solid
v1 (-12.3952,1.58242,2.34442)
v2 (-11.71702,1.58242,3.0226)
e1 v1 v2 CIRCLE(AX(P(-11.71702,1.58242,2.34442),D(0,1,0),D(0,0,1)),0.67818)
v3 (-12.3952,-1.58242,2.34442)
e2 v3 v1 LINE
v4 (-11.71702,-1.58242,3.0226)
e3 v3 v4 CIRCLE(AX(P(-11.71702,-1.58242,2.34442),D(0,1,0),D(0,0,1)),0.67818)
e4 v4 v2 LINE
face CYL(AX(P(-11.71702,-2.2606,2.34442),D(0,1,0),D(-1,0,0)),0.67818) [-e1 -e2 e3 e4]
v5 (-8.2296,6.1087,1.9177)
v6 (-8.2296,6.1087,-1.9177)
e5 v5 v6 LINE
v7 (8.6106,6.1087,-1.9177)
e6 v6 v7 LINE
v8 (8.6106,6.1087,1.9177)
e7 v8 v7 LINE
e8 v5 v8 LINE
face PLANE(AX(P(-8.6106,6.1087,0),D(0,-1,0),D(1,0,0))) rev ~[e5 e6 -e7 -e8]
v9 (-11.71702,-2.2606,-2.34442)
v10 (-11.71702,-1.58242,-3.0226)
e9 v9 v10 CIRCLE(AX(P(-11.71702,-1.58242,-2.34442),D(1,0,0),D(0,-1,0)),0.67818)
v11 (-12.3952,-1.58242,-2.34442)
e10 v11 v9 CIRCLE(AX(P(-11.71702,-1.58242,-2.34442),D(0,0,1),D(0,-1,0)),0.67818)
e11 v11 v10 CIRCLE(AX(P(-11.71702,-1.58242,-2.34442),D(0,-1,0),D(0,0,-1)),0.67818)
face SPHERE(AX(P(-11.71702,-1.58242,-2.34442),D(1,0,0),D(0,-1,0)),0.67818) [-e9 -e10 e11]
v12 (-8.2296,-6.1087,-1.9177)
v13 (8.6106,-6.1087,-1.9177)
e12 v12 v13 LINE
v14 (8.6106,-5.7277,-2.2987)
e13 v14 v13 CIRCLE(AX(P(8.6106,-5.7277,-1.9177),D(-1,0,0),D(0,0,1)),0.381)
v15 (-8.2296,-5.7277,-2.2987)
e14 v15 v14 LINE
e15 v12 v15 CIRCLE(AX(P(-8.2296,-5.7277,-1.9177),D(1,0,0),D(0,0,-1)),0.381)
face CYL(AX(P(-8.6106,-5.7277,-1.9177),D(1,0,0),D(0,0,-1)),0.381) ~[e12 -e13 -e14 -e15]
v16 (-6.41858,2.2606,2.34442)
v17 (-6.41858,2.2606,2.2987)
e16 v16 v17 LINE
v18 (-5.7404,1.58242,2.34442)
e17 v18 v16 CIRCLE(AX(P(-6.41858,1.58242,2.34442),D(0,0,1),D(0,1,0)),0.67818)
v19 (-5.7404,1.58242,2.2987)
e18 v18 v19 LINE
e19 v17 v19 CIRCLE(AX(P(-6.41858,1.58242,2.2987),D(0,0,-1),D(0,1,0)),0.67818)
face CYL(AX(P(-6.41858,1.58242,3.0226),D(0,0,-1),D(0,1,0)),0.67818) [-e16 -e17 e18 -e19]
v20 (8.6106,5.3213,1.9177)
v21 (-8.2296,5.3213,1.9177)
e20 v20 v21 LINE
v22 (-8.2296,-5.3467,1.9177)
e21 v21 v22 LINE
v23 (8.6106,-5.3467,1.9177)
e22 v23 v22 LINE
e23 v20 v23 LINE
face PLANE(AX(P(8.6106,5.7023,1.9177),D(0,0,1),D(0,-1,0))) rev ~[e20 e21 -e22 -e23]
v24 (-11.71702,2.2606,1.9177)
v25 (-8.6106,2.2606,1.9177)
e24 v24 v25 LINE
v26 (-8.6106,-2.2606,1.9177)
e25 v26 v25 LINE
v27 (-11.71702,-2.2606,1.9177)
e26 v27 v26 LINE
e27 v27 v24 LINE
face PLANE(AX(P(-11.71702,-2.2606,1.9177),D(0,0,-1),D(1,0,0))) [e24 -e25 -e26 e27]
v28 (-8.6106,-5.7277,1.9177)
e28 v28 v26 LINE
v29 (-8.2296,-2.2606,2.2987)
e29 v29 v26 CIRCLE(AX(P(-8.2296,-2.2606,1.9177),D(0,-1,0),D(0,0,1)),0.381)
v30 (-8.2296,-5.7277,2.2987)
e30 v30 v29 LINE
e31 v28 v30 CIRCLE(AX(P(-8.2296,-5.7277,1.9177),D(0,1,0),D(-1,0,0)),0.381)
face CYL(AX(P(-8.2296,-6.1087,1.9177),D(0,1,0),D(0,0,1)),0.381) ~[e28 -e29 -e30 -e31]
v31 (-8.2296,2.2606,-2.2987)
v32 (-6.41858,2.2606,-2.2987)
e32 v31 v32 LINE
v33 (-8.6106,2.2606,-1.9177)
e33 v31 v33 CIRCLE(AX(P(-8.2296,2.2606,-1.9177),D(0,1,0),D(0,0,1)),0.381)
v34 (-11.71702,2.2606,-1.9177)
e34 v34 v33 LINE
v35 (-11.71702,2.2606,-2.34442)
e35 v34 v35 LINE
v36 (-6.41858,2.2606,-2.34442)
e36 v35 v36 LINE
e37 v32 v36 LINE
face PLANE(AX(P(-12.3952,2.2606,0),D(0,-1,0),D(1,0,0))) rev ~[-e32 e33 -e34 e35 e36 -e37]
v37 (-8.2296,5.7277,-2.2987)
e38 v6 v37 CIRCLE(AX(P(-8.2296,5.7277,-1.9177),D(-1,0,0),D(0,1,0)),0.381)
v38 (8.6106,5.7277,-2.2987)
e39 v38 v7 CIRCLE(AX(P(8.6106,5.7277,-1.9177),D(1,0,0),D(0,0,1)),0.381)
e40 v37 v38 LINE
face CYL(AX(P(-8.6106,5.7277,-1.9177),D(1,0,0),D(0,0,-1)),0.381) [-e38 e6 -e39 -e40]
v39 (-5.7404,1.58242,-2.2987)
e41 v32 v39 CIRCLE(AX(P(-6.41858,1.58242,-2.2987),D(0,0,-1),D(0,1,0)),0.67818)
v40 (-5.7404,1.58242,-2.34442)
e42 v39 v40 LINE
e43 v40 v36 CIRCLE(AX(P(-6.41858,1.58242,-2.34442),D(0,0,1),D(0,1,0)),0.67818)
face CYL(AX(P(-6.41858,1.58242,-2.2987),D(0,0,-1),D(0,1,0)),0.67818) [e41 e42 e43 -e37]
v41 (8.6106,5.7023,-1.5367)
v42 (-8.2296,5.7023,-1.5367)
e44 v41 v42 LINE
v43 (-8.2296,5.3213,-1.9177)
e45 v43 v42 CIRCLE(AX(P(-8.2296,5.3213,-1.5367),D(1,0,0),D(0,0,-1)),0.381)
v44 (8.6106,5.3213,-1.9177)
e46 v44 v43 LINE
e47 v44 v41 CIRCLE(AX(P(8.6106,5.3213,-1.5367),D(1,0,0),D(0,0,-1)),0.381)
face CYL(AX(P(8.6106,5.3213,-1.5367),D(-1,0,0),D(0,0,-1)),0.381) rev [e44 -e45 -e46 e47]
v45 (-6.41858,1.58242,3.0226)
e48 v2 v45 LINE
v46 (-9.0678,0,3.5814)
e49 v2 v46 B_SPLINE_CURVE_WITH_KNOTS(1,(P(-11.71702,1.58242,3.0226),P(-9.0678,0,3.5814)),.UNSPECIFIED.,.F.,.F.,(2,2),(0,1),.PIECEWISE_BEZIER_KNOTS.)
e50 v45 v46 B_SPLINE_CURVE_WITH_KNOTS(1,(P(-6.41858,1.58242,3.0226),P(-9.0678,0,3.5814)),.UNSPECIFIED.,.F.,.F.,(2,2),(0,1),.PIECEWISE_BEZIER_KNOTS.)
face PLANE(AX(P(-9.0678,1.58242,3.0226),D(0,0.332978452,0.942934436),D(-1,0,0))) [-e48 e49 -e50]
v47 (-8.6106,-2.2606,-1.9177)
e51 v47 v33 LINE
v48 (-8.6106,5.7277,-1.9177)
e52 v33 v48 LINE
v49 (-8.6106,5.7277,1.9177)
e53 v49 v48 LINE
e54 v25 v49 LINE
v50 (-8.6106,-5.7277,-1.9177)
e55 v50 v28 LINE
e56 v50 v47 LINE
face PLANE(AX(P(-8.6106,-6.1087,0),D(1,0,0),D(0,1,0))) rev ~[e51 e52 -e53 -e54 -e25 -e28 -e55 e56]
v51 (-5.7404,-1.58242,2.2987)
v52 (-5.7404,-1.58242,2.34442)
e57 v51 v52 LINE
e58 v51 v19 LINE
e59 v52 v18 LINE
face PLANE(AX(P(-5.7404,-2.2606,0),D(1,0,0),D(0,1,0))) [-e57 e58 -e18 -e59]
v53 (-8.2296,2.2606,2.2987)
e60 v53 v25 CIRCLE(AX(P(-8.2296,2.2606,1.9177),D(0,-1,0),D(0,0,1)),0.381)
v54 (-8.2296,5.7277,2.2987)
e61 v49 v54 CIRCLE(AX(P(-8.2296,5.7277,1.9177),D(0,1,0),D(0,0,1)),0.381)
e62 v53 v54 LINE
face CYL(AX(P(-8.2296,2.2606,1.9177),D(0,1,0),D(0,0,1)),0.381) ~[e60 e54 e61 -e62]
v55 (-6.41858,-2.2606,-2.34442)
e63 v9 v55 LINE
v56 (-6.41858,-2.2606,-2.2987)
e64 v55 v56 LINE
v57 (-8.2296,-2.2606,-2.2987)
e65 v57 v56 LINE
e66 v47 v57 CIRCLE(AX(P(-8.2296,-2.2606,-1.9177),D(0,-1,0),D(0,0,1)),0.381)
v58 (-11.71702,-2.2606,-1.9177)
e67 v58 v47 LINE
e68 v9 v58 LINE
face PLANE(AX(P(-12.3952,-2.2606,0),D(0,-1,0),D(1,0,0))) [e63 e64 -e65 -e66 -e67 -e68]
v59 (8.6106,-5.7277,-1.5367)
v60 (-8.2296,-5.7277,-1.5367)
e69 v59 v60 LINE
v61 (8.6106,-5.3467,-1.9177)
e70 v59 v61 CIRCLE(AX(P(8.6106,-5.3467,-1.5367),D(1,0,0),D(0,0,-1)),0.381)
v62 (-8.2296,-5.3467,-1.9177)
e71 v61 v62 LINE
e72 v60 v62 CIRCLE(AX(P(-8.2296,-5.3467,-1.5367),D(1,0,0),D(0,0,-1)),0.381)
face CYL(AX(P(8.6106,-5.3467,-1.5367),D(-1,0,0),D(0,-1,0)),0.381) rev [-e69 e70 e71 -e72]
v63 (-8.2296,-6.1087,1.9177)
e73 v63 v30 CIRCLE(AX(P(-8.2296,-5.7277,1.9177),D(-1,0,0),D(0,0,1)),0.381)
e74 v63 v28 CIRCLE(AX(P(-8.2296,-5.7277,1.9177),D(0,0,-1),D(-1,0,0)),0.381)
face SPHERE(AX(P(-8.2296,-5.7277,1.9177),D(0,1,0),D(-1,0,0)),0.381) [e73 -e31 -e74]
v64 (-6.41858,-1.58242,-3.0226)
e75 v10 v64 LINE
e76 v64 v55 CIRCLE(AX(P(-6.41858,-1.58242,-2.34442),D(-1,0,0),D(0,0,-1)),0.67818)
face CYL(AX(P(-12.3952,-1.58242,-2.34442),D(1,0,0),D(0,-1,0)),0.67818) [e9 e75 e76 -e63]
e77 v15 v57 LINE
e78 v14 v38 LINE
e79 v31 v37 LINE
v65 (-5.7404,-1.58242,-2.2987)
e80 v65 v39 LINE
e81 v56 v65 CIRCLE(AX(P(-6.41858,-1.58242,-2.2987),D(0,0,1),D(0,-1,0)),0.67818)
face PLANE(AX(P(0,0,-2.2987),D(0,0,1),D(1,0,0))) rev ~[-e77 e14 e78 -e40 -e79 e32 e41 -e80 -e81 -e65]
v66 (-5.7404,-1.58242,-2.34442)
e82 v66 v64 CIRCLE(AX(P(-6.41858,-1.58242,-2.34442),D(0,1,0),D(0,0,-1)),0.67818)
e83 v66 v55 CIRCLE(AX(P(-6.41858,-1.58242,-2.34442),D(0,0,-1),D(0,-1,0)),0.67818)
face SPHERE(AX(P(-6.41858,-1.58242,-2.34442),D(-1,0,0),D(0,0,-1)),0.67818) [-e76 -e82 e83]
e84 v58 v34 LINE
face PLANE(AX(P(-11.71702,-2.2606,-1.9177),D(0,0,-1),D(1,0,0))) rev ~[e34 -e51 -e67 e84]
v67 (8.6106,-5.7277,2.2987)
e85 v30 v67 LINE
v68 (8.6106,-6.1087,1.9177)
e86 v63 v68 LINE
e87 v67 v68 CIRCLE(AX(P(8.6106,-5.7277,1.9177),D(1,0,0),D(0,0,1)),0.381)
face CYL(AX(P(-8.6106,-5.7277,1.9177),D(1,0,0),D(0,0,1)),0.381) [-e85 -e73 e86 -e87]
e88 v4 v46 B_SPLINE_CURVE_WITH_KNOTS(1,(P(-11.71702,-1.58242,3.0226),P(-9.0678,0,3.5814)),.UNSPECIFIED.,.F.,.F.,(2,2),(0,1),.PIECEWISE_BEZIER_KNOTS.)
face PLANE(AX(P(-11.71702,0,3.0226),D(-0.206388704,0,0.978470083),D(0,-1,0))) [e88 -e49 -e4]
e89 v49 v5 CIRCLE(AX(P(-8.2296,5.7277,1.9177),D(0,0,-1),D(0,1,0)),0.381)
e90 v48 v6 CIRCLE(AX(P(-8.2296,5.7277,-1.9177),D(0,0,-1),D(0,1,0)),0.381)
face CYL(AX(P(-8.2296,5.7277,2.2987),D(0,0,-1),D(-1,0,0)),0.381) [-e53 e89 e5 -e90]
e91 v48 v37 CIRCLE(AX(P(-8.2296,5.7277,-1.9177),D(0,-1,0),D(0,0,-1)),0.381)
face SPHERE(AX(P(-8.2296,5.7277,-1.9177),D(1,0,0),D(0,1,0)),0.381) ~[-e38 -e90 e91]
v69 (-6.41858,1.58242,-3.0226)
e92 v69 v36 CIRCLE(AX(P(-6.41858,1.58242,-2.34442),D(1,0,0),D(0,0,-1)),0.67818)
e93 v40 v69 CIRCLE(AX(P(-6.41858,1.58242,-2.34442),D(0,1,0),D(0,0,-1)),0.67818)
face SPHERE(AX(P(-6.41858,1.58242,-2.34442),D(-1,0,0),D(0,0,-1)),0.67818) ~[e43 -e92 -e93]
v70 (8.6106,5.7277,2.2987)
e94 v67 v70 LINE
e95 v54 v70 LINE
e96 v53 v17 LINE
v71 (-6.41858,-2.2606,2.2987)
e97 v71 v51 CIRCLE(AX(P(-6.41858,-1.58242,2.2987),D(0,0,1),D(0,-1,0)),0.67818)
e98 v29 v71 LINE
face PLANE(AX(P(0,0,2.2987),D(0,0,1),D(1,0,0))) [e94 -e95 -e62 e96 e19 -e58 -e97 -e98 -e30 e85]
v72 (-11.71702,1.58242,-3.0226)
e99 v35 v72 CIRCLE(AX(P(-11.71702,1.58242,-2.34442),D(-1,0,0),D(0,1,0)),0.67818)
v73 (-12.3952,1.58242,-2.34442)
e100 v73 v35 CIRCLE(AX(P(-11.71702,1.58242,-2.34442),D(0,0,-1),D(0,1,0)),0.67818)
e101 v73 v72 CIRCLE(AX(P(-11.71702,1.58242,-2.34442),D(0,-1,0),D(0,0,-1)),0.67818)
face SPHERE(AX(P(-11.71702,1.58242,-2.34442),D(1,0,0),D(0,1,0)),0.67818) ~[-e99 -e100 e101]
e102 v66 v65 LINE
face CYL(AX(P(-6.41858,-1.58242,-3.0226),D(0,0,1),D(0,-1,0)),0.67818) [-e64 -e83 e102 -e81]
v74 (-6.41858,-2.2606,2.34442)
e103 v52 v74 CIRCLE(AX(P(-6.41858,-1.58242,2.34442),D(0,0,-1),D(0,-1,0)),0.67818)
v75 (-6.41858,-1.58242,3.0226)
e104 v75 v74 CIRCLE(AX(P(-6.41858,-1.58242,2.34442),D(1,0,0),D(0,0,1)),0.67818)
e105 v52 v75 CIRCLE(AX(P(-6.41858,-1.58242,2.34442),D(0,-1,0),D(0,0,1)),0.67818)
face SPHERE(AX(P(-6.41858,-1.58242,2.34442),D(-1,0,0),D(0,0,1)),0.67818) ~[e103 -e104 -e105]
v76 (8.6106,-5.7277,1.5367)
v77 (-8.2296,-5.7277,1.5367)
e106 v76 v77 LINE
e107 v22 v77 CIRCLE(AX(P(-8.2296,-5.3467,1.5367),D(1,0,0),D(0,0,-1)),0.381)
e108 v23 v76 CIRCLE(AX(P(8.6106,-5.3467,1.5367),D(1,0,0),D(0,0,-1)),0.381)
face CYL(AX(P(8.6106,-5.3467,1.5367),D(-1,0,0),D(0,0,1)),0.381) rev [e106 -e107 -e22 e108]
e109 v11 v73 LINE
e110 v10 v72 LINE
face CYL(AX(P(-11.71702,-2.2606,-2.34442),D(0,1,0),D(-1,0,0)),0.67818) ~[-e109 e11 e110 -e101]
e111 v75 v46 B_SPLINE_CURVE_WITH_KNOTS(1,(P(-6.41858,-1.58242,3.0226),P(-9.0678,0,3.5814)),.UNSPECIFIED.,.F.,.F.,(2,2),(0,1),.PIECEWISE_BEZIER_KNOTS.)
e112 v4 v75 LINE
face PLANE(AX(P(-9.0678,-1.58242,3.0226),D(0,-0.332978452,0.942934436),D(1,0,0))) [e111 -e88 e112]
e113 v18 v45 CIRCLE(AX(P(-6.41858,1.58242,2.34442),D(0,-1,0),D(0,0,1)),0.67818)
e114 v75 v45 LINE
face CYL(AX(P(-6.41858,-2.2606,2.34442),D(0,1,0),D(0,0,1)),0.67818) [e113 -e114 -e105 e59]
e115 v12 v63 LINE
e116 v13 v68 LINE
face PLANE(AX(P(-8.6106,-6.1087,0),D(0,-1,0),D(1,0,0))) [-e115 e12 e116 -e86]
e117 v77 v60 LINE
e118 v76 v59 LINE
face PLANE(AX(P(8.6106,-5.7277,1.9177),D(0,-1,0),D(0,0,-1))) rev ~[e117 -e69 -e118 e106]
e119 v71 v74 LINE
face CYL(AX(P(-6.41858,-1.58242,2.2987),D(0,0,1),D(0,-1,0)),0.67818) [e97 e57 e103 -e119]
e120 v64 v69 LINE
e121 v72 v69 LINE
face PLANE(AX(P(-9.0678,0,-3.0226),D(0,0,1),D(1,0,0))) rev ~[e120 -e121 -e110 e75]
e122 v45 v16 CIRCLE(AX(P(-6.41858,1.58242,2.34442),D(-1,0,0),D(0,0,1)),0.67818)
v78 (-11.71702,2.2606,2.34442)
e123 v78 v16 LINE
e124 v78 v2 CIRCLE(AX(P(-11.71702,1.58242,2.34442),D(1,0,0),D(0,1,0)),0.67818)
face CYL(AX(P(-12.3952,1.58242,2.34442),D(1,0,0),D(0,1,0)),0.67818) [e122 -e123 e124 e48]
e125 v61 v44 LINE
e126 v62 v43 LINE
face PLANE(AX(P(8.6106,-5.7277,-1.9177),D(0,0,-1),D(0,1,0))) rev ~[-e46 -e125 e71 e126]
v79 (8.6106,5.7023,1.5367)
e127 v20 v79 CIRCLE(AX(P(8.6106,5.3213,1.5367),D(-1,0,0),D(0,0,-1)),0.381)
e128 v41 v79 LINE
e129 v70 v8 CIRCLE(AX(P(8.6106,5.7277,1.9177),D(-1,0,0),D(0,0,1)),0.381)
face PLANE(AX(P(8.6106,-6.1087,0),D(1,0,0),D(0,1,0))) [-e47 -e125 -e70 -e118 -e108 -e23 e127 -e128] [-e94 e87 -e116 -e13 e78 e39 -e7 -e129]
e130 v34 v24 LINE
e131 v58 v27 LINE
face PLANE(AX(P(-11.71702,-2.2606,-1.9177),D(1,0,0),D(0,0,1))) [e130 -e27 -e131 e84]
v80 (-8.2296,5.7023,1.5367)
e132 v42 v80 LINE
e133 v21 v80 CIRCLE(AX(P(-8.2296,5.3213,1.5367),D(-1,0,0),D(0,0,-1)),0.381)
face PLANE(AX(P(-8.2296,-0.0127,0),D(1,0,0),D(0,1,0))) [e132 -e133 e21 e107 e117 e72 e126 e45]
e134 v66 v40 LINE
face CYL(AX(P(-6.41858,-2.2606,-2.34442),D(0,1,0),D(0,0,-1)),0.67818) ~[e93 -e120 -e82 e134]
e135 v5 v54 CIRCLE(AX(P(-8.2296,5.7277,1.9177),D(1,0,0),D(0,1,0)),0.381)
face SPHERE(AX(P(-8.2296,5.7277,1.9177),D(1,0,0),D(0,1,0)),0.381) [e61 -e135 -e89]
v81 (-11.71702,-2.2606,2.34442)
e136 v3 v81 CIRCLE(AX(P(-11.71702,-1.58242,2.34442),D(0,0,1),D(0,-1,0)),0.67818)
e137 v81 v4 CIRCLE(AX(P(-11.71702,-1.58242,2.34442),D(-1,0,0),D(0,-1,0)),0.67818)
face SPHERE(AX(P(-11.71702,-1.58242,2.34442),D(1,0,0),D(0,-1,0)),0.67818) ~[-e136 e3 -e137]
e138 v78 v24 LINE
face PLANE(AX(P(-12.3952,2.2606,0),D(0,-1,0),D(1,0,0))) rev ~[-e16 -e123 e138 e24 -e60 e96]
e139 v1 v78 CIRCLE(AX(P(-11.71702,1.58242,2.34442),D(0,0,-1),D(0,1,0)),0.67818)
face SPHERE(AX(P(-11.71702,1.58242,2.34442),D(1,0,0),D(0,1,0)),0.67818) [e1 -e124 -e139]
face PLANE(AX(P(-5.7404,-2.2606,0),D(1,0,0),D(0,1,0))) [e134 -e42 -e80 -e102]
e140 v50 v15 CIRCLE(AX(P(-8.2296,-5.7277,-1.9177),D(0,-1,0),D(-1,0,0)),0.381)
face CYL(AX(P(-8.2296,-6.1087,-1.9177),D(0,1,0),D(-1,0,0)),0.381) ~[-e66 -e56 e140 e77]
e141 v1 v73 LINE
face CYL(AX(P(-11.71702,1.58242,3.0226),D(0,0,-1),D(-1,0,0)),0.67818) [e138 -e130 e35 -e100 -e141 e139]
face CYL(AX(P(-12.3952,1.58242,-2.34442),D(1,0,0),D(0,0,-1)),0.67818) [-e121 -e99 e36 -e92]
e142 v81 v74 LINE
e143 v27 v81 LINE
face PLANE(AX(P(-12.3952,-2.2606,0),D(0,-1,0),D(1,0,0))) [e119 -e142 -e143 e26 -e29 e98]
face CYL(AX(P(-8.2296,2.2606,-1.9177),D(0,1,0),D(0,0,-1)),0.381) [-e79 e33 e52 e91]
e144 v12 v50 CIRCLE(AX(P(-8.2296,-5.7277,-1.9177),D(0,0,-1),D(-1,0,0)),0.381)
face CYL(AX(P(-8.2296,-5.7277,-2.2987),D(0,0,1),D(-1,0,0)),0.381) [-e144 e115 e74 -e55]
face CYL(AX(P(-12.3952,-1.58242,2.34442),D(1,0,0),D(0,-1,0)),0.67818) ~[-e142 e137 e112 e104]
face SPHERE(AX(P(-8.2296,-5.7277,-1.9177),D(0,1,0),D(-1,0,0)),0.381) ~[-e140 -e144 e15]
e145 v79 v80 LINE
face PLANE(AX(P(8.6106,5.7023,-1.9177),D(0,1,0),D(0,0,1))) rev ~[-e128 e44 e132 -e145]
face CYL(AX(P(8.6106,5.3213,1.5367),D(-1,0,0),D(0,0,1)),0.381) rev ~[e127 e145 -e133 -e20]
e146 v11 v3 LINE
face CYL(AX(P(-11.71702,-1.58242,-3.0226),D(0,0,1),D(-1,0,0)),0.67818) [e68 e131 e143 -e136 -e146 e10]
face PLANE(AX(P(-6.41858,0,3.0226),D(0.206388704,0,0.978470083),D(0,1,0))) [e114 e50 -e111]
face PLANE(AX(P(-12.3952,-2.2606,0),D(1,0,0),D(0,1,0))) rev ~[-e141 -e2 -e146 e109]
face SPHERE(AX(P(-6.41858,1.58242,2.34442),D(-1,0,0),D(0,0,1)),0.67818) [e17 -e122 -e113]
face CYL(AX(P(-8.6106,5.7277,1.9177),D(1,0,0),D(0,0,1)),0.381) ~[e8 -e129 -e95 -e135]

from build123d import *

# Parameters (mm, degrees)
F0_W      = 17.2212
F0_H      = 12.2174
F2_DEPTH  = 2.2987
F1_W      = 6.6548
F1_H      = 4.5212
F3_DEPTH  = 3.0226
F4_R      = 0.67818
F5_R      = 0.381
F3_FACE_W = 5.29844
F3_FACE_H = 3.16484
F8_W      = 3.10642
F8_H      = 3.8354
F9_DEPTH  = 4.5212
F11_DEPTH = 16.8402
F12_R     = 0.381


with BuildPart() as f2:
    # F0 (on Top) → F2 (new body, symmetric)
    with BuildSketch(Plane.XY):
        Rectangle(F0_W, F0_H)
    extrude(amount=F2_DEPTH, both=True)

    # F1 (on Top) → F3 (join, symmetric)
    with BuildSketch(Plane.XY):
        with Locations((-9.0678, 0)):
            Rectangle(F1_W, F1_H)
    extrude(amount=F3_DEPTH, both=True)

    # F4
    f4_edges = [f2.edges().sort_by_distance(p)[0] for p in [
        (-9.0678, 2.2606, 3.0226),
        (-9.0678, 2.2606, -3.0226),
        (-9.0678, -2.2606, 3.0226),
        (-9.0678, -2.2606, -3.0226),
        (-5.7404, 0, -3.0226),
        (-5.7404, 0, 3.0226),
        (-12.3952, -2.2606, 0),
        (-12.3952, 2.2606, 0),
        (-12.3952, 0, -3.0226),
        (-12.3952, 0, 3.0226),
        (-5.7404, 2.2606, -2.66065),
        (-5.7404, 2.2606, 2.66065),
        (-5.7404, -2.2606, 2.66065),
        (-5.7404, -2.2606, -2.66065),
    ]]
    fillet(f4_edges, radius=F4_R)

    # F5
    f5_edges = [f2.edges().sort_by_distance(p)[0] for p in [
        (0, 6.1087, 2.2987),
        (0, 6.1087, -2.2987),
        (-8.6106, 6.1087, 0),
        (-8.6106, -4.18465, 2.2987),
        (-8.6106, 4.18465, 2.2987),
        (-8.6106, -4.18465, -2.2987),
        (-8.6106, 4.18465, -2.2987),
        (-8.6106, -6.1087, 0),
        (0, -6.1087, 2.2987),
        (0, -6.1087, -2.2987),
    ]]
    fillet(f5_edges, radius=F5_R)

    # F3_face (on face) → F7 section 0
    with BuildSketch(Plane(origin=(-9.0678, 0, 3.0226), x_dir=(1, 0, 0), z_dir=(0, 0, 1)), mode=Mode.PRIVATE) as f7_s0:
        Rectangle(F3_FACE_W, F3_FACE_H)
    loft([f7_s0.sketch, Vertex(-9.0678, 0, 3.5814)])

    # F8 (on face) → F9 (cut)
    with BuildSketch(Plane.XZ.offset(2.2606)):
        with Locations((-10.16381, 0)):
            Rectangle(F8_W, F8_H)
    extrude(amount=-F9_DEPTH, mode=Mode.SUBTRACT)

    # F10 (on face) → F11 (cut)
    with BuildSketch(Plane.YZ.offset(8.6106)):
        Polygon((5.7023, 1.9177), (0, 1.9177), (-5.7277, 1.9177), (-5.7277, 0), (-5.7277, -1.9177), (0, -1.9177), (5.7023, -1.9177), align=None)
    extrude(amount=-F11_DEPTH, mode=Mode.SUBTRACT)

    # F12
    f12_edges = [f2.edges().sort_by_distance(p)[0] for p in [
        (0.1905, 5.7023, 1.9177),
        (0.1905, -5.7277, 1.9177),
        (0.1905, -5.7277, -1.9177),
        (0.1905, 5.7023, -1.9177),
    ]]
    fillet(f12_edges, radius=F12_R)


solid = f2.part
